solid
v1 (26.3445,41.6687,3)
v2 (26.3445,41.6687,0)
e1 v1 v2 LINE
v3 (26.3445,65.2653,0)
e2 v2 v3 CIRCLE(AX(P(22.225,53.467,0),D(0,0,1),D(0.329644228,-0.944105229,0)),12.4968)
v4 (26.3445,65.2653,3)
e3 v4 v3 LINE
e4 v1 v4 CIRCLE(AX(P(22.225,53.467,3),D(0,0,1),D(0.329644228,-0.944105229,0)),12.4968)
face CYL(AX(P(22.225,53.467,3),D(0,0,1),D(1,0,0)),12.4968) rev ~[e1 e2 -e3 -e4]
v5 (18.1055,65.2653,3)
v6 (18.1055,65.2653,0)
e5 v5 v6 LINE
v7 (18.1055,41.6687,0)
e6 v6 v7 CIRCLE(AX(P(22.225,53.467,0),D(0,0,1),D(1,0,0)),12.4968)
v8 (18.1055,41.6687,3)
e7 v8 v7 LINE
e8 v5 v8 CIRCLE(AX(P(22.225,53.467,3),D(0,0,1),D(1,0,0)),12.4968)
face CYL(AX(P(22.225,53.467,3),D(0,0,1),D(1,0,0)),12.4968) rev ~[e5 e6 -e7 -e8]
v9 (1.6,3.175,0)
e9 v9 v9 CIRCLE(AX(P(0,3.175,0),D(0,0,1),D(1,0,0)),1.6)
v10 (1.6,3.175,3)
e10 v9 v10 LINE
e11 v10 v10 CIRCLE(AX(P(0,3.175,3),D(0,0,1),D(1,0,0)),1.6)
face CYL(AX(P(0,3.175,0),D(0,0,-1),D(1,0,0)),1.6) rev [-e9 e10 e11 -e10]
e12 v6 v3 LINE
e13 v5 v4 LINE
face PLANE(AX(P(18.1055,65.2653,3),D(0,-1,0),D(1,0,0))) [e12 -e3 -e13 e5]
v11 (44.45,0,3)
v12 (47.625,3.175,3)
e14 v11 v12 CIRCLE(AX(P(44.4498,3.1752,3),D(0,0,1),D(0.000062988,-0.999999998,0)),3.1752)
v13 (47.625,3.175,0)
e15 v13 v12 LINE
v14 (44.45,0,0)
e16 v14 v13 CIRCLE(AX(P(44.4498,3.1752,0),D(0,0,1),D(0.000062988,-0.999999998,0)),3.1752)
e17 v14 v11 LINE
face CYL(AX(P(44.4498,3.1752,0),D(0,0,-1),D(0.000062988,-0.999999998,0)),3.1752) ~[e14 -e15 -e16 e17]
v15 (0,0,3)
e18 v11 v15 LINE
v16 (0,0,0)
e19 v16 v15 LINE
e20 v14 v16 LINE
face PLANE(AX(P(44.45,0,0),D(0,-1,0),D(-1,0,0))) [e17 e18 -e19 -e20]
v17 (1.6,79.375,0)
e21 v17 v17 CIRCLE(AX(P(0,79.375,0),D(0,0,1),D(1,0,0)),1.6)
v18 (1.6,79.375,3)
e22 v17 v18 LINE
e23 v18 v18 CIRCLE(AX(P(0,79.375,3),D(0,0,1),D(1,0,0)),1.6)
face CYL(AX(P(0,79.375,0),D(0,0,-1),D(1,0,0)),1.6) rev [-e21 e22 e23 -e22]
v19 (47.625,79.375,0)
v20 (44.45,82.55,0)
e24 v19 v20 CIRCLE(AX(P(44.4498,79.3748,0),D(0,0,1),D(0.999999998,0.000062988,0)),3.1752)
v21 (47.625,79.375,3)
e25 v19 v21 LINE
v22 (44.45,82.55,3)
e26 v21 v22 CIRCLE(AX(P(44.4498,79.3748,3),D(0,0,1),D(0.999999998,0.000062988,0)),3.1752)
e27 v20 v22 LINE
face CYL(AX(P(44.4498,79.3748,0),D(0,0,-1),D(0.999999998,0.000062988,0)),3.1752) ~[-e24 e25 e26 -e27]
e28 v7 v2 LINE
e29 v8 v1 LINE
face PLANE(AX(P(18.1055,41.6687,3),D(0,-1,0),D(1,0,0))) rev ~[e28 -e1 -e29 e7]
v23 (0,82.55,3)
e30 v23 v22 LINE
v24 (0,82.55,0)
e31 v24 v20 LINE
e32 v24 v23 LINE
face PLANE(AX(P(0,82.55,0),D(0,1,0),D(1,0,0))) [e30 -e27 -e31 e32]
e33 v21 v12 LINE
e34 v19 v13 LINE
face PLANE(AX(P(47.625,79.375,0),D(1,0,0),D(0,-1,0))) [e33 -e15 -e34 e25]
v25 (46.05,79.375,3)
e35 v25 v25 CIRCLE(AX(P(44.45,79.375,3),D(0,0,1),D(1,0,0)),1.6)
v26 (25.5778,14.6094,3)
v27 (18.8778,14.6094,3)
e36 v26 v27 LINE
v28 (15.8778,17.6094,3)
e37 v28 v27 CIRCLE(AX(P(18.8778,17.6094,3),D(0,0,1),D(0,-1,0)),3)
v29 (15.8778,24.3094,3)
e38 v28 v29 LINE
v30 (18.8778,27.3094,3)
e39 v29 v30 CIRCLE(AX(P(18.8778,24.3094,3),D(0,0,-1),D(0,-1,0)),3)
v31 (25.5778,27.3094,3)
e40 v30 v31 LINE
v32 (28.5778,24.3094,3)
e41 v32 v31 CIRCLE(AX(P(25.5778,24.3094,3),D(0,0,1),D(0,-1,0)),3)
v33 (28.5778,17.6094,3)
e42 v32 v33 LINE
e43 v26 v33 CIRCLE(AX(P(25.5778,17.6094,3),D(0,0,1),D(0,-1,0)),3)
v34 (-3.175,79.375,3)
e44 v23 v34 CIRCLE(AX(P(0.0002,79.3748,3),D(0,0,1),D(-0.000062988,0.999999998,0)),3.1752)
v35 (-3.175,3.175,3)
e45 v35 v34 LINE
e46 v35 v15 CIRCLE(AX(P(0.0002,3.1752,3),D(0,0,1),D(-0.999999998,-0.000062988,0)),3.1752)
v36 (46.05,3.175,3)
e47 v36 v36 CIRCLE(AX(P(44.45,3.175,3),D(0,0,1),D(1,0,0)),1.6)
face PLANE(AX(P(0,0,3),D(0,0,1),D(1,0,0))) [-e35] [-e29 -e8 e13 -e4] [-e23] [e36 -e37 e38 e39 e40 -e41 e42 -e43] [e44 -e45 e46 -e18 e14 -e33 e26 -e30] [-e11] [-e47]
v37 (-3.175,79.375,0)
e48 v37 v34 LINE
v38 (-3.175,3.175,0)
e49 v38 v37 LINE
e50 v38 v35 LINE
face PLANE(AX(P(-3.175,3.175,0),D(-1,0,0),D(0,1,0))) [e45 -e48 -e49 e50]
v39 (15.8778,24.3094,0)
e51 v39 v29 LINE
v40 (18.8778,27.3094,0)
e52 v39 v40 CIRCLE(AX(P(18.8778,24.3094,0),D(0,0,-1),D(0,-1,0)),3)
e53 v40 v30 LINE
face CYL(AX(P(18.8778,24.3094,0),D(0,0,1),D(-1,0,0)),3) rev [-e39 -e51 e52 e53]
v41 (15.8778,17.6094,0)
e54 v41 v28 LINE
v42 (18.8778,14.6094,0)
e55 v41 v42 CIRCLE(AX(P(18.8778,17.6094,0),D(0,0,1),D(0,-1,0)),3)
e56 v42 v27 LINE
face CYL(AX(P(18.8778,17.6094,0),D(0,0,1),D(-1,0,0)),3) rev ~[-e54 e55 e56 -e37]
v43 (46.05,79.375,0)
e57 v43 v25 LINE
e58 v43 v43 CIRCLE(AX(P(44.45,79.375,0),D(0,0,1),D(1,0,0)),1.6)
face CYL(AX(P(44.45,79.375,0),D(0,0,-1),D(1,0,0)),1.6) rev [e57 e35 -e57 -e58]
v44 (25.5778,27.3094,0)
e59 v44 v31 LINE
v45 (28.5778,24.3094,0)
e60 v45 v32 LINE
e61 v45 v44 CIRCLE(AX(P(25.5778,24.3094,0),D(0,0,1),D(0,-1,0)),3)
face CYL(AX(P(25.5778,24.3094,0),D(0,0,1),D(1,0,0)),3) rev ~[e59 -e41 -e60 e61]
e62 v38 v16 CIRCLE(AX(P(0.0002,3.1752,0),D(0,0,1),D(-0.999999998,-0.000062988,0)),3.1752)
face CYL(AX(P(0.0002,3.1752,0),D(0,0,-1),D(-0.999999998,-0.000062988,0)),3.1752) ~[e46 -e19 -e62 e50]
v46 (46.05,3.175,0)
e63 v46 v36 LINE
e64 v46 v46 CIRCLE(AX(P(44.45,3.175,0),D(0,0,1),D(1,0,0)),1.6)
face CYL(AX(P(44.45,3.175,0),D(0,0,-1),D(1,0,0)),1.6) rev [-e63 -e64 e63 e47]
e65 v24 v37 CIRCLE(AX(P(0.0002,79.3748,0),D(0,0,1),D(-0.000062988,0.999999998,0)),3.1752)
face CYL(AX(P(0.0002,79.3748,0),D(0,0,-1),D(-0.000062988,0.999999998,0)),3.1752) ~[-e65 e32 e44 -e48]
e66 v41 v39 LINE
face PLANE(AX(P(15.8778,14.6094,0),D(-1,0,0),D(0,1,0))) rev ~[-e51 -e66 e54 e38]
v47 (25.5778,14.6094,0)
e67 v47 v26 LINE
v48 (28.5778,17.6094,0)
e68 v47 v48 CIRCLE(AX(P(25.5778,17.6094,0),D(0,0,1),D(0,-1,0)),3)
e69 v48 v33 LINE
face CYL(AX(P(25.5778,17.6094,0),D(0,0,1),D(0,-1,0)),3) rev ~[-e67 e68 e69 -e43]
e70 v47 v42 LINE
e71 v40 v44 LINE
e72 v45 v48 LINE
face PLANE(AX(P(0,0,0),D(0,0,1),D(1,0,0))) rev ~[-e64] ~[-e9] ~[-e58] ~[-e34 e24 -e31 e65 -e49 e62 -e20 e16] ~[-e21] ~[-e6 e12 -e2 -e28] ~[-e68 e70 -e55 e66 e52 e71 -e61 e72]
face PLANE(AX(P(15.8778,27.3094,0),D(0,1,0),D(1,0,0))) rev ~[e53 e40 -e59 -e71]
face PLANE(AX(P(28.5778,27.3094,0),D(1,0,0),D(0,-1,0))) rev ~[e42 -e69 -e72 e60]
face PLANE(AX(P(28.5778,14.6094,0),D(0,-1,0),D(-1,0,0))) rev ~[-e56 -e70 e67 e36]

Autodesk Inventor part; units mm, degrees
ref_plane "YZ Plane" through (0, 0, 0) normal (1, 0, 0) x (0, 1, 0)
ref_plane "XZ Plane" through (0, 0, 0) normal (0, 1, 0) x (-1, 0, 0)
ref_plane "XY Plane" through (0, 0, 0) normal (0, 0, 1) x (1, 0, 0)
sketch "Sketch1" plane through (0, 0, 0) normal (0, 0, 1) x (1, 0, 0)
  arc A0 (-3.175, 3.175) -> (0, 0) centre (0.0002, 3.1752) ccw projected
  line L0 (44.45, 0) -> (0, 0) projected
  arc A1 (44.45, 0) -> (47.625, 3.175) centre (44.4498, 3.1752) ccw projected
  line L1 (47.625, 79.375) -> (47.625, 3.175) projected
  arc A2 (47.625, 79.375) -> (44.45, 82.55) centre (44.4498, 79.3748) ccw projected
  line L2 (0, 82.55) -> (44.45, 82.55) projected
  arc A3 (0, 82.55) -> (-3.175, 79.375) centre (0.0002, 79.3748) ccw projected
  line L3 (-3.175, 3.175) -> (-3.175, 79.375) projected
  circle A4 centre (0, 3.175) radius 1.6 projected
  circle A5 centre (7.112, 4.191) radius 0.51 projected
  circle A6 centre (7.112, 9.271) radius 0.51 projected
  circle A7 centre (7.112, 6.731) radius 0.51 projected
  circle A8 centre (9.652, 6.731) radius 0.51 projected
  circle A9 centre (9.652, 4.191) radius 0.51 projected
  circle A10 centre (9.652, 9.271) radius 0.51 projected
  circle A11 centre (15.655, 10.499) radius 1.15 projected
  circle A12 centre (14.225, 36.449) radius 0.85 projected
  circle A13 centre (4.699, 60.198) radius 0.51 projected
  circle A14 centre (4.699, 57.658) radius 0.51 projected
  circle A15 centre (0, 79.375) radius 1.6 projected
  circle A16 centre (4.699, 62.738) radius 0.51 projected
  circle A17 centre (4.699, 65.278) radius 0.51 projected
  circle A18 centre (13.7, 69.341) radius 0.46 projected
  circle A19 centre (16.2, 69.341) radius 0.46 projected
  circle A20 centre (6.13, 72.051) radius 1.15 projected
  circle A21 centre (11.7, 69.341) radius 0.46 projected
  circle A22 centre (9.2, 69.341) radius 0.46 projected
  circle A23 centre (23.225, 13.209) radius 0.46 projected
  circle A24 centre (25.725, 13.209) radius 0.46 projected
  circle A25 centre (18.725, 13.209) radius 0.46 projected
  circle A26 centre (21.225, 13.209) radius 0.46 projected
  circle A27 centre (28.795, 10.499) radius 1.15 projected
  circle A28 centre (44.45, 3.175) radius 1.6 projected
  circle A29 centre (30.225, 36.449) radius 0.85 projected
  circle A30 centre (39.751, 57.531) radius 0.51 projected
  circle A31 centre (39.751, 60.071) radius 0.51 projected
  circle A32 centre (31.385, 69.341) radius 0.46 projected
  circle A33 centre (33.385, 69.341) radius 0.46 projected
  circle A34 centre (19.27, 72.051) radius 1.15 projected
  circle A35 centre (28.885, 69.341) radius 0.46 projected
  circle A36 centre (25.815, 72.051) radius 1.15 projected
  circle A37 centre (39.751, 65.151) radius 0.51 projected
  circle A38 centre (39.751, 62.611) radius 0.51 projected
  circle A39 centre (35.885, 69.341) radius 0.46 projected
  circle A40 centre (38.955, 72.051) radius 1.15 projected
  circle A41 centre (44.45, 79.375) radius 1.6 projected
  line L4 (19.2278, 19.1042) -> (19.2278, 22.8146) construction
  line L5 (20.234, 18.0978) -> (19.2662, 19.0663) construction
  line L6 (20.2568, 18.0747) -> (24.1988, 18.0747) construction
  line L7 (19.2662, 22.8525) -> (20.234, 23.821) construction
  line L8 (24.1988, 23.8441) -> (20.2568, 23.8441) construction
  line L9 (24.2216, 23.821) -> (25.1894, 22.8525) construction
  line L10 (25.2278, 22.8146) -> (25.2278, 19.1042) construction
  line L11 (25.1894, 19.0663) -> (24.2216, 18.0978) construction
  line L12 (19.2278, 23.8441) -> (25.2278, 23.8441) construction
  line L13 (25.2278, 23.8441) -> (25.2278, 18.0747) construction
  line L14 (25.2278, 18.0747) -> (19.2278, 18.0747) construction
  line L15 (19.2278, 18.0747) -> (19.2278, 23.8441) construction
  line L16 (19.2278, 20.9594) -> (25.2278, 20.9594) construction
  line L17 (22.2278, 23.8441) -> (22.2278, 18.0747) construction
  line L18 (15.8778, 27.3094) -> (28.5778, 27.3094)
  line L19 (28.5778, 27.3094) -> (28.5778, 14.6094)
  line L20 (28.5778, 14.6094) -> (15.8778, 14.6094)
  line L21 (15.8778, 14.6094) -> (15.8778, 27.3094)
  line L22 (15.8778, 27.3094) -> (28.5778, 14.6094) construction
  line L23 (28.5778, 27.3094) -> (15.8778, 14.6094) construction
  point P0 (22.2278, 20.9594)
  dimension "d0" = 12.7
  dimension "d1" = 12.7
extrude "Extrusion1" add sketch "Sketch1" along normal blind 3 contours L3 A3 L2 A2 L1 A1 L0 A0 | A5 | A6 | A7 | A8 | A9 | A10 | A11 | A12 | A13 | A14 | A16 | A17 | A18 | A19 | A20 | A21 | A22 | A23 | A24 | A25 | A26 | A27 | A29 | A30 | A31 | A32 | A33 | A34 | A35 | A36 | A37 | A38 | A39 | A40
fillet "Fillet1" radius 3 4 edges at (15.8778, 27.3094, 1.5) (28.5778, 27.3094, 1.5) (15.8778, 14.6094, 1.5) (28.5778, 14.6094, 1.5)
sketch "Sketch2" plane through (0, 0, 3) normal (0, 0, 1) x (1, 0, 0)
  line L0 (-3.175, 79.375) -> (-3.175, 3.175) construction
  arc A0 (-3.175, 3.175) -> (0, 0) centre (0.0002, 3.1752) ccw construction
  line L1 (0, 0) -> (44.45, 0) construction
  arc A1 (44.45, 0) -> (47.625, 3.175) centre (44.4498, 3.1752) ccw construction
  line L2 (47.625, 3.175) -> (47.625, 79.375) construction
  arc A2 (47.625, 79.375) -> (44.45, 82.55) centre (44.4498, 79.3748) ccw construction
  line L3 (44.45, 82.55) -> (0, 82.55) construction
  arc A3 (0, 82.55) -> (-3.175, 79.375) centre (0.0002, 79.3748) ccw construction
  line L4 (18.8778, 27.3094) -> (25.5778, 27.3094) construction
  arc A4 (28.5778, 24.3094) -> (25.5778, 27.3094) centre (25.5778, 24.3094) ccw construction
  line L5 (28.5778, 24.3094) -> (28.5778, 17.6094) construction
  arc A5 (25.5778, 14.6094) -> (28.5778, 17.6094) centre (25.5778, 17.6094) ccw construction
  line L6 (25.5778, 14.6094) -> (18.8778, 14.6094) construction
  arc A6 (15.8778, 17.6094) -> (18.8778, 14.6094) centre (18.8778, 17.6094) ccw construction
  line L7 (15.8778, 17.6094) -> (15.8778, 24.3094) construction
  arc A7 (18.8778, 27.3094) -> (15.8778, 24.3094) centre (18.8778, 24.3094) ccw construction
  circle A8 centre (44.45, 79.375) radius 1.6 construction
  circle A9 centre (44.45, 3.175) radius 1.6 construction
  circle A10 centre (0, 79.375) radius 1.6 construction
  circle A11 centre (0, 3.175) radius 1.6 construction
  circle A12 centre (22.225, 53.467) radius 12.4968
  line L8 (22.225, 82.55) -> (22.225, 0) construction
  line L9 (0, 0) -> (44.45, 0) construction
  line L10 (18.1055, 65.2653) -> (26.3445, 65.2653)
  line L11 (18.1055, 41.6687) -> (26.3445, 41.6687)
  line L12 (22.225, 65.9638) -> (22.225, 65.2653) construction
  line L13 (22.225, 41.6687) -> (22.225, 40.9702) construction
  dimension "d5" = 24.9936
  dimension "d6" = 53.467
  dimension "d7" = 23.5966
  dimension "d8" = 0.6985
  dimension "d9" = 0.6985
extrude "Extrusion2" cut sketch "Sketch2" against normal through all contours A12 L11 L10
equation "\"d1\" = d0"
equation "\"d9\" = d8"
properties part number "Cover"
